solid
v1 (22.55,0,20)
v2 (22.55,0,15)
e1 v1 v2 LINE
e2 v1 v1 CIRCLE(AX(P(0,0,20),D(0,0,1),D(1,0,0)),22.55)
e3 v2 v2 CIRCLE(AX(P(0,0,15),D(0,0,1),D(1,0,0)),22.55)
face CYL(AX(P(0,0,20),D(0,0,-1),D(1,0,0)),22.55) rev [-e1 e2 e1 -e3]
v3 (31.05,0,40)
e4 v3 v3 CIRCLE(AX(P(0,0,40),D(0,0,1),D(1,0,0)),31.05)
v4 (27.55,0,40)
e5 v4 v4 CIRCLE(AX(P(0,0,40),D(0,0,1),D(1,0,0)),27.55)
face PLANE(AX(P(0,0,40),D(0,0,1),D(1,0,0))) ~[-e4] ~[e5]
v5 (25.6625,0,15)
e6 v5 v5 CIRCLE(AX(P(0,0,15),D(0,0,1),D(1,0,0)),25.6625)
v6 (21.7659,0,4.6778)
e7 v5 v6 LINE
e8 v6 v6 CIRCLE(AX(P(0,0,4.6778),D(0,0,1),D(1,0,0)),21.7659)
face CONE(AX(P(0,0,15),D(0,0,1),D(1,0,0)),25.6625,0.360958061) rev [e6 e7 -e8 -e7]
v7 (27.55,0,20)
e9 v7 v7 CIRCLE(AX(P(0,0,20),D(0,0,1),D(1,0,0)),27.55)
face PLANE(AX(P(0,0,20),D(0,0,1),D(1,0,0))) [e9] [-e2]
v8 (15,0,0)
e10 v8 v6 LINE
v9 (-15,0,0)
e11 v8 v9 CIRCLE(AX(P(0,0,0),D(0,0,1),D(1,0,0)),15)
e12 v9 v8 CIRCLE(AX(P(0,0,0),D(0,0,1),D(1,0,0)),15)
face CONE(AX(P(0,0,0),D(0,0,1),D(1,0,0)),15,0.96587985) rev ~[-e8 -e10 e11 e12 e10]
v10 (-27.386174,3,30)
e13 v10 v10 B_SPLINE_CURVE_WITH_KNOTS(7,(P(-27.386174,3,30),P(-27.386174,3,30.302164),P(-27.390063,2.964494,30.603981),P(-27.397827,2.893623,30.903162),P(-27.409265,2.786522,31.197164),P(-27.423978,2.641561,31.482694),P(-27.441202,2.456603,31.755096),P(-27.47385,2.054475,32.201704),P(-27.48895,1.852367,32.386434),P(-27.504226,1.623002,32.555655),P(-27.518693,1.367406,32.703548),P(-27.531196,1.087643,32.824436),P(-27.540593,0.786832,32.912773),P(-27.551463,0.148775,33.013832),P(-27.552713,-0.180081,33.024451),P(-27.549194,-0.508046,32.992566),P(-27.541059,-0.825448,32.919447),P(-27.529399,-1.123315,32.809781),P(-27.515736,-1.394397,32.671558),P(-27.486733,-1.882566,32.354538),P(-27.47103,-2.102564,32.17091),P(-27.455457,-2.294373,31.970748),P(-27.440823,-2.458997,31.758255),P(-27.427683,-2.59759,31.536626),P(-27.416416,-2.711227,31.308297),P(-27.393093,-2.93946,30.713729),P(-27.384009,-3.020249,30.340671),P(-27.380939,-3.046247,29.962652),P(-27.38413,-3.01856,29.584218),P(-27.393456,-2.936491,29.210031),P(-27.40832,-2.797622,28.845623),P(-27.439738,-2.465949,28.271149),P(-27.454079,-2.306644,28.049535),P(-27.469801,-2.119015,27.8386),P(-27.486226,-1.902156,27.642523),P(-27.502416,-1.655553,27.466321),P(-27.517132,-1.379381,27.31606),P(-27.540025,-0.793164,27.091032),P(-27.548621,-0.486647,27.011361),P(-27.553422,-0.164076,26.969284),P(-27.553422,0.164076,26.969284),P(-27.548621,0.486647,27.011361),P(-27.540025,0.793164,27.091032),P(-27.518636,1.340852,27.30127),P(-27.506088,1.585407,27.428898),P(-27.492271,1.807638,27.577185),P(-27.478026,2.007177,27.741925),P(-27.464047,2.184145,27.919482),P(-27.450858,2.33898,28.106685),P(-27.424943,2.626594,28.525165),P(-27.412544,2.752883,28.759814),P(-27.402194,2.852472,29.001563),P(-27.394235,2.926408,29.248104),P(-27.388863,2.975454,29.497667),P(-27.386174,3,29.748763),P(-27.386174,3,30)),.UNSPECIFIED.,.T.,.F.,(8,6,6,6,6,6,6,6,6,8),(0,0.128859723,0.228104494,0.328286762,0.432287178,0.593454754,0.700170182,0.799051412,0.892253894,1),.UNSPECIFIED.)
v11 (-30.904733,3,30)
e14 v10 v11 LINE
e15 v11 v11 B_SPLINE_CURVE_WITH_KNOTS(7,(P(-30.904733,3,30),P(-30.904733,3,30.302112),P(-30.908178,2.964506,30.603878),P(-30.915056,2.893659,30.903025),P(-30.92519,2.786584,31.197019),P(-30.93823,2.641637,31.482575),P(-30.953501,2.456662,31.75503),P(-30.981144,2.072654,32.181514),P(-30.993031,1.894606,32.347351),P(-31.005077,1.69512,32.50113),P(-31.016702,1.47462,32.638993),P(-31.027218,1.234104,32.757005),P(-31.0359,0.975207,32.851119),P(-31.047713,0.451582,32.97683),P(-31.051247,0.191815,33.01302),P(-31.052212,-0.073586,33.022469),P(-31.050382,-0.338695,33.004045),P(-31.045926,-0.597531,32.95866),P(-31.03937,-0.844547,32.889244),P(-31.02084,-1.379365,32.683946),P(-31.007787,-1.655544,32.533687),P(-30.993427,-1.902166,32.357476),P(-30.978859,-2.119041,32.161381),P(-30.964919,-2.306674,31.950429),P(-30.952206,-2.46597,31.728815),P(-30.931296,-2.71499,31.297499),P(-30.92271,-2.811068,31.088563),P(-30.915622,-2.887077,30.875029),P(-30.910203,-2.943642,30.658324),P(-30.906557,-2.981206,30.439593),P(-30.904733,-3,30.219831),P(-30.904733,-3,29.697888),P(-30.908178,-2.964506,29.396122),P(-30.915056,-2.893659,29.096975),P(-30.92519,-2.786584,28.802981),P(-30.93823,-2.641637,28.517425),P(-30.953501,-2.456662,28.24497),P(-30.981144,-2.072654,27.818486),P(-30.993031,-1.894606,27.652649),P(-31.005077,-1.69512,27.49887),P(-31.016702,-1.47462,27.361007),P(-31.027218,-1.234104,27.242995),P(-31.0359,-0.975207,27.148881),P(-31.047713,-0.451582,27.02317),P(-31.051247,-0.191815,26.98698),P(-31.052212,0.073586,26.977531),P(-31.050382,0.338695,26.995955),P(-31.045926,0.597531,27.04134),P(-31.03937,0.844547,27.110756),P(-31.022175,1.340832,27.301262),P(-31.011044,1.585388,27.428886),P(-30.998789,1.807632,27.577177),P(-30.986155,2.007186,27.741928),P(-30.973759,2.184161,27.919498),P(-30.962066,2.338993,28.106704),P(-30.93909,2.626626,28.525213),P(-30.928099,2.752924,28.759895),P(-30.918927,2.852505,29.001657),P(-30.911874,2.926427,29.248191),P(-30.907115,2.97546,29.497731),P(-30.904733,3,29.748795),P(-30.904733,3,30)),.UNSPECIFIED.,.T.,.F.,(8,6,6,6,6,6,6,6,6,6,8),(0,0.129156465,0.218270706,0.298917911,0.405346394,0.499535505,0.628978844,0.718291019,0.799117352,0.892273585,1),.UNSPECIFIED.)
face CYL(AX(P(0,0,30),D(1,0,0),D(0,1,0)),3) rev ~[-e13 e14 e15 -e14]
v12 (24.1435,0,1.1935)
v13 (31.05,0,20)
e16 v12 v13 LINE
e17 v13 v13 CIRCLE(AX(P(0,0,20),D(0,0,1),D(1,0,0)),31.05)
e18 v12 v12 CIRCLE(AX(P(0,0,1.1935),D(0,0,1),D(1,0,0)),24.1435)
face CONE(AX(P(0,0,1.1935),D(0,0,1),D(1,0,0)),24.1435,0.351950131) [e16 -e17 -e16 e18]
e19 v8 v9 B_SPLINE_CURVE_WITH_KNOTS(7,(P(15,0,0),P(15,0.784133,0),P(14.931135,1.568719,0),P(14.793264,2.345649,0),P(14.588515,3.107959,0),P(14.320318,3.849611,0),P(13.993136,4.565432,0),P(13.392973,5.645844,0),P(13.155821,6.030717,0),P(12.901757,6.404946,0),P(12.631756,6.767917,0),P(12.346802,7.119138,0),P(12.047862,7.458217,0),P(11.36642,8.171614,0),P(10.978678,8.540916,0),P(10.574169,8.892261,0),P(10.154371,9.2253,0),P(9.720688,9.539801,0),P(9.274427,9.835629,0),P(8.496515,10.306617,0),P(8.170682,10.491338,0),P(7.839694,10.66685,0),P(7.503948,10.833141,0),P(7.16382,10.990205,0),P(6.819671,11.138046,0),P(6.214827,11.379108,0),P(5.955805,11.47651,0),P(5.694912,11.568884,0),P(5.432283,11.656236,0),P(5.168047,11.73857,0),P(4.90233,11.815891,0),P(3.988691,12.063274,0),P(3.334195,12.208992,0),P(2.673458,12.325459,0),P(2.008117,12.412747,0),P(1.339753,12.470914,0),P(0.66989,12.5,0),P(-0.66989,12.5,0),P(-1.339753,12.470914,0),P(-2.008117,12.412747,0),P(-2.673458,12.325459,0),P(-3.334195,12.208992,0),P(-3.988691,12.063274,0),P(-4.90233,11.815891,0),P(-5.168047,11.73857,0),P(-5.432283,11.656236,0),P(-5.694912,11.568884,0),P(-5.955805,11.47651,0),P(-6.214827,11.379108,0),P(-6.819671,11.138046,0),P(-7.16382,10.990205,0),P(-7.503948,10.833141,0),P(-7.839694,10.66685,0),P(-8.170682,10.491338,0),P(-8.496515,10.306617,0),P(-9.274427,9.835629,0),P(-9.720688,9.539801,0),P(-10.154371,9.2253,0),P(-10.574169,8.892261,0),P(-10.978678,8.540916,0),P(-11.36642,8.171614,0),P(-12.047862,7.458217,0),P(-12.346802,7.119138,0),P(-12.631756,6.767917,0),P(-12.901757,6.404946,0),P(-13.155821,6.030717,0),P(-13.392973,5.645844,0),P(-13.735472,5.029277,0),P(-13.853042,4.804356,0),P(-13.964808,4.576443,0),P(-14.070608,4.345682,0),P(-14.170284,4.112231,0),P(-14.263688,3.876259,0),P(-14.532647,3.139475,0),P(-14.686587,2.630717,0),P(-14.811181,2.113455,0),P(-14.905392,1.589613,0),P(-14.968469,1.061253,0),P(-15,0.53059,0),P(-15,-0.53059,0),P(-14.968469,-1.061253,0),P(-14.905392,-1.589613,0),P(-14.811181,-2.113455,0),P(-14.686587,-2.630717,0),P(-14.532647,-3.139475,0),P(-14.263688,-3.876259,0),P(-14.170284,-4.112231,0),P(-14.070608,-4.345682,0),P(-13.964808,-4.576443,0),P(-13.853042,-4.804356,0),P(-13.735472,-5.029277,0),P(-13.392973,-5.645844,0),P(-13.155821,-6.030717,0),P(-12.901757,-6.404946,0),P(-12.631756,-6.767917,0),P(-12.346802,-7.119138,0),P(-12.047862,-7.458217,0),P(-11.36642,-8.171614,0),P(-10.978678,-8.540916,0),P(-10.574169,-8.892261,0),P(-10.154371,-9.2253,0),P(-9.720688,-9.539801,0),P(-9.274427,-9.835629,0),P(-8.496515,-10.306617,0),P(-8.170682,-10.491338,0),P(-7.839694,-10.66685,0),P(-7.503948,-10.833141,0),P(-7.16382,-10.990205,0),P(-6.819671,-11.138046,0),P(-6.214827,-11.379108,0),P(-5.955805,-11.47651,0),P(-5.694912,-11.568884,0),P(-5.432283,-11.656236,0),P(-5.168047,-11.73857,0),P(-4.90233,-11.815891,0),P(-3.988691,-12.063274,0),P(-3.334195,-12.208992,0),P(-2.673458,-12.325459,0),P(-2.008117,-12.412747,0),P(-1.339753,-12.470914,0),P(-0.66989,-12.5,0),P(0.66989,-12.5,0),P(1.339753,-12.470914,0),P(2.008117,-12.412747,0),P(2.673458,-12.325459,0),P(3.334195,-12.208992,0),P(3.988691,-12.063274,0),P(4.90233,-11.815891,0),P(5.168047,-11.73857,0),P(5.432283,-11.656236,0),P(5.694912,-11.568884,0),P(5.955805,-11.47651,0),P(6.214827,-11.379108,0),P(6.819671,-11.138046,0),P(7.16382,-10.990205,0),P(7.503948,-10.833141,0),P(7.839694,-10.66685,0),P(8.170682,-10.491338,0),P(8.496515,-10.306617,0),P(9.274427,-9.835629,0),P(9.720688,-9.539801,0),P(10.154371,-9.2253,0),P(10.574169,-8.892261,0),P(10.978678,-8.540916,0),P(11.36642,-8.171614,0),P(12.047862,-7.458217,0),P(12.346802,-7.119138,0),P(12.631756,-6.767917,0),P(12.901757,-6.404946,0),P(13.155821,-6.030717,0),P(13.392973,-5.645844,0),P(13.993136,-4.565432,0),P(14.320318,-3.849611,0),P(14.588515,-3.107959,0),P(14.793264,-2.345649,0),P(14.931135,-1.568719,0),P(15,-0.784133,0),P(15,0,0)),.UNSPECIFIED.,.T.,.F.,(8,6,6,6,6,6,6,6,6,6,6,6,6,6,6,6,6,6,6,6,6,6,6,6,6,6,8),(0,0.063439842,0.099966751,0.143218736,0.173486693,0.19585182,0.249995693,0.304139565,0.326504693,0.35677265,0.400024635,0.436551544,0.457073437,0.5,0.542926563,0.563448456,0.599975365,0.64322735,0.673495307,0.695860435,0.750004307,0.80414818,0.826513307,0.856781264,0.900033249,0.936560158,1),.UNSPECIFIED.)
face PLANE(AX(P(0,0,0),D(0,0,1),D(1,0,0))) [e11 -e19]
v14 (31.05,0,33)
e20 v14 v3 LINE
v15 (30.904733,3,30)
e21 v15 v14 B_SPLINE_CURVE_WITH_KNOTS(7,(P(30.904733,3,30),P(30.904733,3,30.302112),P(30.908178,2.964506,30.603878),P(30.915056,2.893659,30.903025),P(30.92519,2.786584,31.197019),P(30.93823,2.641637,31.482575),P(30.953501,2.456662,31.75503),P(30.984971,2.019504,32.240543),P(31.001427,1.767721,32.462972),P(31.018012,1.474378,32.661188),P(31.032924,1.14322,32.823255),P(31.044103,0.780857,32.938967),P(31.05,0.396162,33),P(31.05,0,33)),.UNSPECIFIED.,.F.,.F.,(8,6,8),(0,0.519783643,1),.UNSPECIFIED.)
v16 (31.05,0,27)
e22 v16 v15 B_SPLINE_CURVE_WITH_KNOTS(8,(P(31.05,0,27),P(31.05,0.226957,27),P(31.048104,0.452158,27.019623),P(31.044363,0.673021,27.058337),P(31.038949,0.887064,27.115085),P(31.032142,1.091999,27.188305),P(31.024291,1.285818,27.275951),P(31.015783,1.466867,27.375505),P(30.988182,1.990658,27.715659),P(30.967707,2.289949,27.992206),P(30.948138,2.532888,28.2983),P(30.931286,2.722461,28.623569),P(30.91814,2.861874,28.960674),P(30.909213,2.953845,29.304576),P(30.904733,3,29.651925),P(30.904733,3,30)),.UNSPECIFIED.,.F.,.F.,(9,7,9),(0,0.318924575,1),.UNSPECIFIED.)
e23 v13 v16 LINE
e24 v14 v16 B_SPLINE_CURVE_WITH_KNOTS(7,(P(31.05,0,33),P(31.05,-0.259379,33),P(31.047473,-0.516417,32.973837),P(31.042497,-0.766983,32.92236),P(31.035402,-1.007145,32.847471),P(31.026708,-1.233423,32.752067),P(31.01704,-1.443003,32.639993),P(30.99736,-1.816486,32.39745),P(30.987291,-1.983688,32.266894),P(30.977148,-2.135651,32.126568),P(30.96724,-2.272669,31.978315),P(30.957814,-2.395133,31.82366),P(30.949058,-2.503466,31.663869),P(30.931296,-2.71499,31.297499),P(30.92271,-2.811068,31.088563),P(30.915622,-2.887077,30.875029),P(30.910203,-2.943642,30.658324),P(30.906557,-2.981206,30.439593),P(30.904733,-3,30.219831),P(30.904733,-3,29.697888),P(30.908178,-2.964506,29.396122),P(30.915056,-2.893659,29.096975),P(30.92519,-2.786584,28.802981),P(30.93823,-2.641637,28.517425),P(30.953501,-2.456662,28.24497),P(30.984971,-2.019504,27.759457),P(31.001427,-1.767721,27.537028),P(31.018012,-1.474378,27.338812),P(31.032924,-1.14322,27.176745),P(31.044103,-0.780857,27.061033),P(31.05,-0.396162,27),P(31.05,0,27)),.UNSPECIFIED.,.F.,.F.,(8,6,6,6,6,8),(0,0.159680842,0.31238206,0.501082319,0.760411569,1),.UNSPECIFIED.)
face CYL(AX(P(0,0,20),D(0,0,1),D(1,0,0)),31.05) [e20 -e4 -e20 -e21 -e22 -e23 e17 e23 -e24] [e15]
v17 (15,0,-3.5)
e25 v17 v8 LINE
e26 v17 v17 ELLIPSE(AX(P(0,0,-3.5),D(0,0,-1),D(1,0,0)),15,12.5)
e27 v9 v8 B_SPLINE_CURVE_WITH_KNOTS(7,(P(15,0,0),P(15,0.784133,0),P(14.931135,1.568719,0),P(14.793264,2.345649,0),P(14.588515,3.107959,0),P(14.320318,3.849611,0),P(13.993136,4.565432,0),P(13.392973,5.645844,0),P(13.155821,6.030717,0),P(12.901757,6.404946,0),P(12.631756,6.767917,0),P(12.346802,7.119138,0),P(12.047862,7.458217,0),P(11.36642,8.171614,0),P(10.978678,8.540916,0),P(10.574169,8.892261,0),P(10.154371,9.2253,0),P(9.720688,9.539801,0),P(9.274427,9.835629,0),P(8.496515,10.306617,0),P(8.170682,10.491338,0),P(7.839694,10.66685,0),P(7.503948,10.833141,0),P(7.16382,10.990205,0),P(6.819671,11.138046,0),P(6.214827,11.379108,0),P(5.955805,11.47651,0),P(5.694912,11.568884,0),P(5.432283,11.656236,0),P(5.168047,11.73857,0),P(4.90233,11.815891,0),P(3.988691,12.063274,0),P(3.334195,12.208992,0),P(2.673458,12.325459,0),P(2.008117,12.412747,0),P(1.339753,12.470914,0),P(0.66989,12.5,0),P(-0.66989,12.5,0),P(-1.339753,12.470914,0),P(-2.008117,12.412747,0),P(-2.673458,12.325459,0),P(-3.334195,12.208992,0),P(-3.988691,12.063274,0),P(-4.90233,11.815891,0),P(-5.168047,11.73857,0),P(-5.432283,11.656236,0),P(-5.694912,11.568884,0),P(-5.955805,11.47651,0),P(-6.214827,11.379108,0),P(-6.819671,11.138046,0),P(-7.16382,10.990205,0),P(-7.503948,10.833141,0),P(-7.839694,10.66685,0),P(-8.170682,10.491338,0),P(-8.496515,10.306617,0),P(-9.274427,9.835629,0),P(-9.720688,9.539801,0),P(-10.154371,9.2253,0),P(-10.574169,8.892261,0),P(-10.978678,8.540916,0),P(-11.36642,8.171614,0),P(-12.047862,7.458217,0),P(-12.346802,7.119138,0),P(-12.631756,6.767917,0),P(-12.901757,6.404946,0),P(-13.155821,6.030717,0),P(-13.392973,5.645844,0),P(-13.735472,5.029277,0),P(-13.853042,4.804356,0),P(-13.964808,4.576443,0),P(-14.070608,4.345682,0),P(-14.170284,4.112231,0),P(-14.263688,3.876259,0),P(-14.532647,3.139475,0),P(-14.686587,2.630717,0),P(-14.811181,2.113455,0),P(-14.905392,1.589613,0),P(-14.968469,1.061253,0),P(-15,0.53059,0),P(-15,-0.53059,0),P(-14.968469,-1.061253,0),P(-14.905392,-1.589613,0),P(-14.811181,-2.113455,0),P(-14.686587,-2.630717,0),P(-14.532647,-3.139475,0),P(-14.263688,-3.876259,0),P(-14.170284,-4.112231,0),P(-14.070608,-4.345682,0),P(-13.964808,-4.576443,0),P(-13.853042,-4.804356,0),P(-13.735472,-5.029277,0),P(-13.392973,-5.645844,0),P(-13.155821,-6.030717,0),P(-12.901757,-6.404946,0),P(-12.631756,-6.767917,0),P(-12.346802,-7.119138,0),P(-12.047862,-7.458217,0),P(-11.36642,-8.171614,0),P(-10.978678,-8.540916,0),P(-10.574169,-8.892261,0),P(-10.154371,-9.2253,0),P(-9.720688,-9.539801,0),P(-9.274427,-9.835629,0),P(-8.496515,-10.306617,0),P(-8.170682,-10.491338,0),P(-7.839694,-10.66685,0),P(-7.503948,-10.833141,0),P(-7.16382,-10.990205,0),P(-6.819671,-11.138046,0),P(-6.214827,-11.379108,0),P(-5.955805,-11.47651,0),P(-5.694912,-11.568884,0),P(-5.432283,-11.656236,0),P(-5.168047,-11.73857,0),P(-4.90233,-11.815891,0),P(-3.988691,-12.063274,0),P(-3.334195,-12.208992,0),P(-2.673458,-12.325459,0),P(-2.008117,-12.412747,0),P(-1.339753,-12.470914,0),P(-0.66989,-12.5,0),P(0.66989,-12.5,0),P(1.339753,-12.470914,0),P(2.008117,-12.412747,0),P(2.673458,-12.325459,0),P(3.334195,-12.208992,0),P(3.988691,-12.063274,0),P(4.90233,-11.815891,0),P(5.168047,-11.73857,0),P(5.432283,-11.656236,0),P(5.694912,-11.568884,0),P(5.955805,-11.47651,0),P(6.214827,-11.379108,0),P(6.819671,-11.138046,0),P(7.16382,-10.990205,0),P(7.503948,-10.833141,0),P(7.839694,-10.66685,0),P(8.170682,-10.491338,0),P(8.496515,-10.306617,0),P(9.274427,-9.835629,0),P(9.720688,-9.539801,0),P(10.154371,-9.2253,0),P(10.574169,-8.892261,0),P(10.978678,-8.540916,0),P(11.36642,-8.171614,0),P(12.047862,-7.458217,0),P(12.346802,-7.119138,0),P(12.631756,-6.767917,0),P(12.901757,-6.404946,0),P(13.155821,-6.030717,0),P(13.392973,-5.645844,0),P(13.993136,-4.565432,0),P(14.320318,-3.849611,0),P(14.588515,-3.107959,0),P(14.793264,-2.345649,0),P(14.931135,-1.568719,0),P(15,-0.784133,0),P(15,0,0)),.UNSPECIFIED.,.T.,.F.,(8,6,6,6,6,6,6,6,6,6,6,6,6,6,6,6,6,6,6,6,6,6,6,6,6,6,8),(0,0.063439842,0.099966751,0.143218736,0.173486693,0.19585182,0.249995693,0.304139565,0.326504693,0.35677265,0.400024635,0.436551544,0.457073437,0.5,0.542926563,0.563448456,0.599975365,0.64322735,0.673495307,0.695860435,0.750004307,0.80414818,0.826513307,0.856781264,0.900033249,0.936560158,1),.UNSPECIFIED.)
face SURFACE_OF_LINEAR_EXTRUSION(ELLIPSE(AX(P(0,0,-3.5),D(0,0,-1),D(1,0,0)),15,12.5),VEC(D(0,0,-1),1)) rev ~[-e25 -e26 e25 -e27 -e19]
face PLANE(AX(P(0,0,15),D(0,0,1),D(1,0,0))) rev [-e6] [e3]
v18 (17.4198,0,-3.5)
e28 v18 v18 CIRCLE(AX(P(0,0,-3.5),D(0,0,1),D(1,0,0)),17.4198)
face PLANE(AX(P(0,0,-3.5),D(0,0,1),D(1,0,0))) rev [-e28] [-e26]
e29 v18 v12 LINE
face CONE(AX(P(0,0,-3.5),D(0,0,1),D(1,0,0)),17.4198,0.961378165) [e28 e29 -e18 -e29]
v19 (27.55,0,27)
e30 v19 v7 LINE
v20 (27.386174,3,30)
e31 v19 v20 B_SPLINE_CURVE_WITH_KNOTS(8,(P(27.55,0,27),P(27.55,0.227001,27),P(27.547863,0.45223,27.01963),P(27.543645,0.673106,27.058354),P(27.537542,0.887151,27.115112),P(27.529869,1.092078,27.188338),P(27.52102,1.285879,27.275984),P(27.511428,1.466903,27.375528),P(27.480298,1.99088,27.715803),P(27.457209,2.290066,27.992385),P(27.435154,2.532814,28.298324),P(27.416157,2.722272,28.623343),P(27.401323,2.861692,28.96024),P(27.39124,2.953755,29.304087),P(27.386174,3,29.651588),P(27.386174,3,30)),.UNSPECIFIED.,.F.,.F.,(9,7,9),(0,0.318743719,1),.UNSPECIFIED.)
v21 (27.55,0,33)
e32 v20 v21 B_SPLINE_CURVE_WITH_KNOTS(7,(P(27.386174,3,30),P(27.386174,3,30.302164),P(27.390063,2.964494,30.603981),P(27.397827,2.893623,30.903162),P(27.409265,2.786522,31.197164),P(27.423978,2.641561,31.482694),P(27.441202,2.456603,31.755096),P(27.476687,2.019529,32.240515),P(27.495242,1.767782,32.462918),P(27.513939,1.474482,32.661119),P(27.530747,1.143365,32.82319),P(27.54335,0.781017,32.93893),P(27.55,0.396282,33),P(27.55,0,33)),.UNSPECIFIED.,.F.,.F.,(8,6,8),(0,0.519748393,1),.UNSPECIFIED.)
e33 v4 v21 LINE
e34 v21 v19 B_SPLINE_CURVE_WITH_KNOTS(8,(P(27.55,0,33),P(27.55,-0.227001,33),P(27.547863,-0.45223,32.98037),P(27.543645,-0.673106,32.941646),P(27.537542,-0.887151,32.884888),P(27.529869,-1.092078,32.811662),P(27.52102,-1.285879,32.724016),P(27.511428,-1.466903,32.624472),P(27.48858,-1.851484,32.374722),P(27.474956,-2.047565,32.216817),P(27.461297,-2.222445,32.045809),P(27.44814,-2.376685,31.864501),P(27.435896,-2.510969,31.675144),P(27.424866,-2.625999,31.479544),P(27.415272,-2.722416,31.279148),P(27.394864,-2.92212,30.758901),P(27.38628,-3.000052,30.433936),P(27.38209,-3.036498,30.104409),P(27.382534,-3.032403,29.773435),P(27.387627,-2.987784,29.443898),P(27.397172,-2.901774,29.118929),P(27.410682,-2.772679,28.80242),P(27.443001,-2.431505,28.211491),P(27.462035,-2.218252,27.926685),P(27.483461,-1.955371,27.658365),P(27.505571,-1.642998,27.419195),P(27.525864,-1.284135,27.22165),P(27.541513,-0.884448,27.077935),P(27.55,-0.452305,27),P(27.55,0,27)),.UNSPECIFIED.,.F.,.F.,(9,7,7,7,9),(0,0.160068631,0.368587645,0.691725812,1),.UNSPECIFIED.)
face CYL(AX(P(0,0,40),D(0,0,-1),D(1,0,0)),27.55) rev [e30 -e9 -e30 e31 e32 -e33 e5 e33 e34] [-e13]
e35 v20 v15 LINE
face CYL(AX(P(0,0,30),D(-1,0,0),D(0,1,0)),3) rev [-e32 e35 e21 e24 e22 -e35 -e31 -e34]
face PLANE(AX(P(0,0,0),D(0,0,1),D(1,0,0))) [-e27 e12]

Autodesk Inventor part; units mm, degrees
ref_plane "YZ Plane" through (0, 0, 0) normal (1, 0, 0) x (0, 1, 0)
ref_plane "XZ Plane" through (0, 0, 0) normal (0, 1, 0) x (-1, 0, 0)
ref_plane "XY Plane" through (0, 0, 0) normal (0, 0, 1) x (1, 0, 0)
sketch "Sketch1" plane through (0, 0, 0) normal (0, 1, 0) x (-1, 0, 0)
  line L0 (-27.55, 40) -> (-27.55, 20)
  line L1 (-25.6625, 15) -> (-21.7659, 4.6778)
  line L2 (0, 0) -> (0, 34.8486) construction
  line L3 (-15, 0) -> (0, 0)
  line L4 (0, -3.5) -> (-17.4198, -3.5)
  line L5 (-24.1435, 1.1935) -> (-31.05, 20)
  line L6 (-31.05, 20) -> (-31.05, 40)
  line L7 (0, -3.5) -> (0, 0)
  line L8 (-27.55, 40) -> (-31.05, 40)
  line L9 (-27.55, 20) -> (-22.55, 20)
  line L10 (-22.55, 20) -> (-22.55, 15)
  line L11 (-22.55, 15) -> (-25.6625, 15)
  line L12 (-15, 0) -> (-21.7659, 4.6778)
  line L13 (-17.4198, -3.5) -> (-24.1435, 1.1935)
  point P0 (-20, 0)
  point P1 (-22.4198, -3.5)
  dimension "d17" = 55.1
  dimension "d19" = 20
  dimension "d32" = 40
  dimension "d37" = 20
  dimension "d38" = 5
  dimension "d39" = 5
  dimension "d40" = 90
  dimension "d41" = 5
  dimension "d42" = 5
  dimension "d43" = 5
  dimension "d44" = 5
revolve "Revolution1" add sketch "Sketch1" angle 360 about axis through (0, 0, 0) along (0, 0, 1)
sketch "Sketch5" plane through (0, 0, 0) normal (1, 0, 0) x (0, 1, 0)
  line L0 (27.55, 40) -> (-27.55, 40) projected
  line L1 (0, 40) -> (0, 30) construction
  circle A0 centre (0, 30) radius 3
  point P0 (0, 0)
  dimension "d27" = 10
  dimension "d28" = 6
extrude "Extrusion4" cut sketch "Sketch5" along normal through all both and the other way through all
sketch "Sketch6" plane through (0, 0, -3.5) normal (0, 0, -1) x (-1, 0, 0)
  ellipse E0 centre (0, 0) end of major axis (-15, 0) minor radius 12.5
  dimension "d33" = 12.5
  dimension "d34" = 15
extrude "Extrusion5" cut sketch "Sketch6" against normal blind 10
equation "\"d42\" = d41"
equation "\"d43\" = d41"
equation "\"d44\" = d43"
properties part number "NOZZLE-ELIPTICO"
